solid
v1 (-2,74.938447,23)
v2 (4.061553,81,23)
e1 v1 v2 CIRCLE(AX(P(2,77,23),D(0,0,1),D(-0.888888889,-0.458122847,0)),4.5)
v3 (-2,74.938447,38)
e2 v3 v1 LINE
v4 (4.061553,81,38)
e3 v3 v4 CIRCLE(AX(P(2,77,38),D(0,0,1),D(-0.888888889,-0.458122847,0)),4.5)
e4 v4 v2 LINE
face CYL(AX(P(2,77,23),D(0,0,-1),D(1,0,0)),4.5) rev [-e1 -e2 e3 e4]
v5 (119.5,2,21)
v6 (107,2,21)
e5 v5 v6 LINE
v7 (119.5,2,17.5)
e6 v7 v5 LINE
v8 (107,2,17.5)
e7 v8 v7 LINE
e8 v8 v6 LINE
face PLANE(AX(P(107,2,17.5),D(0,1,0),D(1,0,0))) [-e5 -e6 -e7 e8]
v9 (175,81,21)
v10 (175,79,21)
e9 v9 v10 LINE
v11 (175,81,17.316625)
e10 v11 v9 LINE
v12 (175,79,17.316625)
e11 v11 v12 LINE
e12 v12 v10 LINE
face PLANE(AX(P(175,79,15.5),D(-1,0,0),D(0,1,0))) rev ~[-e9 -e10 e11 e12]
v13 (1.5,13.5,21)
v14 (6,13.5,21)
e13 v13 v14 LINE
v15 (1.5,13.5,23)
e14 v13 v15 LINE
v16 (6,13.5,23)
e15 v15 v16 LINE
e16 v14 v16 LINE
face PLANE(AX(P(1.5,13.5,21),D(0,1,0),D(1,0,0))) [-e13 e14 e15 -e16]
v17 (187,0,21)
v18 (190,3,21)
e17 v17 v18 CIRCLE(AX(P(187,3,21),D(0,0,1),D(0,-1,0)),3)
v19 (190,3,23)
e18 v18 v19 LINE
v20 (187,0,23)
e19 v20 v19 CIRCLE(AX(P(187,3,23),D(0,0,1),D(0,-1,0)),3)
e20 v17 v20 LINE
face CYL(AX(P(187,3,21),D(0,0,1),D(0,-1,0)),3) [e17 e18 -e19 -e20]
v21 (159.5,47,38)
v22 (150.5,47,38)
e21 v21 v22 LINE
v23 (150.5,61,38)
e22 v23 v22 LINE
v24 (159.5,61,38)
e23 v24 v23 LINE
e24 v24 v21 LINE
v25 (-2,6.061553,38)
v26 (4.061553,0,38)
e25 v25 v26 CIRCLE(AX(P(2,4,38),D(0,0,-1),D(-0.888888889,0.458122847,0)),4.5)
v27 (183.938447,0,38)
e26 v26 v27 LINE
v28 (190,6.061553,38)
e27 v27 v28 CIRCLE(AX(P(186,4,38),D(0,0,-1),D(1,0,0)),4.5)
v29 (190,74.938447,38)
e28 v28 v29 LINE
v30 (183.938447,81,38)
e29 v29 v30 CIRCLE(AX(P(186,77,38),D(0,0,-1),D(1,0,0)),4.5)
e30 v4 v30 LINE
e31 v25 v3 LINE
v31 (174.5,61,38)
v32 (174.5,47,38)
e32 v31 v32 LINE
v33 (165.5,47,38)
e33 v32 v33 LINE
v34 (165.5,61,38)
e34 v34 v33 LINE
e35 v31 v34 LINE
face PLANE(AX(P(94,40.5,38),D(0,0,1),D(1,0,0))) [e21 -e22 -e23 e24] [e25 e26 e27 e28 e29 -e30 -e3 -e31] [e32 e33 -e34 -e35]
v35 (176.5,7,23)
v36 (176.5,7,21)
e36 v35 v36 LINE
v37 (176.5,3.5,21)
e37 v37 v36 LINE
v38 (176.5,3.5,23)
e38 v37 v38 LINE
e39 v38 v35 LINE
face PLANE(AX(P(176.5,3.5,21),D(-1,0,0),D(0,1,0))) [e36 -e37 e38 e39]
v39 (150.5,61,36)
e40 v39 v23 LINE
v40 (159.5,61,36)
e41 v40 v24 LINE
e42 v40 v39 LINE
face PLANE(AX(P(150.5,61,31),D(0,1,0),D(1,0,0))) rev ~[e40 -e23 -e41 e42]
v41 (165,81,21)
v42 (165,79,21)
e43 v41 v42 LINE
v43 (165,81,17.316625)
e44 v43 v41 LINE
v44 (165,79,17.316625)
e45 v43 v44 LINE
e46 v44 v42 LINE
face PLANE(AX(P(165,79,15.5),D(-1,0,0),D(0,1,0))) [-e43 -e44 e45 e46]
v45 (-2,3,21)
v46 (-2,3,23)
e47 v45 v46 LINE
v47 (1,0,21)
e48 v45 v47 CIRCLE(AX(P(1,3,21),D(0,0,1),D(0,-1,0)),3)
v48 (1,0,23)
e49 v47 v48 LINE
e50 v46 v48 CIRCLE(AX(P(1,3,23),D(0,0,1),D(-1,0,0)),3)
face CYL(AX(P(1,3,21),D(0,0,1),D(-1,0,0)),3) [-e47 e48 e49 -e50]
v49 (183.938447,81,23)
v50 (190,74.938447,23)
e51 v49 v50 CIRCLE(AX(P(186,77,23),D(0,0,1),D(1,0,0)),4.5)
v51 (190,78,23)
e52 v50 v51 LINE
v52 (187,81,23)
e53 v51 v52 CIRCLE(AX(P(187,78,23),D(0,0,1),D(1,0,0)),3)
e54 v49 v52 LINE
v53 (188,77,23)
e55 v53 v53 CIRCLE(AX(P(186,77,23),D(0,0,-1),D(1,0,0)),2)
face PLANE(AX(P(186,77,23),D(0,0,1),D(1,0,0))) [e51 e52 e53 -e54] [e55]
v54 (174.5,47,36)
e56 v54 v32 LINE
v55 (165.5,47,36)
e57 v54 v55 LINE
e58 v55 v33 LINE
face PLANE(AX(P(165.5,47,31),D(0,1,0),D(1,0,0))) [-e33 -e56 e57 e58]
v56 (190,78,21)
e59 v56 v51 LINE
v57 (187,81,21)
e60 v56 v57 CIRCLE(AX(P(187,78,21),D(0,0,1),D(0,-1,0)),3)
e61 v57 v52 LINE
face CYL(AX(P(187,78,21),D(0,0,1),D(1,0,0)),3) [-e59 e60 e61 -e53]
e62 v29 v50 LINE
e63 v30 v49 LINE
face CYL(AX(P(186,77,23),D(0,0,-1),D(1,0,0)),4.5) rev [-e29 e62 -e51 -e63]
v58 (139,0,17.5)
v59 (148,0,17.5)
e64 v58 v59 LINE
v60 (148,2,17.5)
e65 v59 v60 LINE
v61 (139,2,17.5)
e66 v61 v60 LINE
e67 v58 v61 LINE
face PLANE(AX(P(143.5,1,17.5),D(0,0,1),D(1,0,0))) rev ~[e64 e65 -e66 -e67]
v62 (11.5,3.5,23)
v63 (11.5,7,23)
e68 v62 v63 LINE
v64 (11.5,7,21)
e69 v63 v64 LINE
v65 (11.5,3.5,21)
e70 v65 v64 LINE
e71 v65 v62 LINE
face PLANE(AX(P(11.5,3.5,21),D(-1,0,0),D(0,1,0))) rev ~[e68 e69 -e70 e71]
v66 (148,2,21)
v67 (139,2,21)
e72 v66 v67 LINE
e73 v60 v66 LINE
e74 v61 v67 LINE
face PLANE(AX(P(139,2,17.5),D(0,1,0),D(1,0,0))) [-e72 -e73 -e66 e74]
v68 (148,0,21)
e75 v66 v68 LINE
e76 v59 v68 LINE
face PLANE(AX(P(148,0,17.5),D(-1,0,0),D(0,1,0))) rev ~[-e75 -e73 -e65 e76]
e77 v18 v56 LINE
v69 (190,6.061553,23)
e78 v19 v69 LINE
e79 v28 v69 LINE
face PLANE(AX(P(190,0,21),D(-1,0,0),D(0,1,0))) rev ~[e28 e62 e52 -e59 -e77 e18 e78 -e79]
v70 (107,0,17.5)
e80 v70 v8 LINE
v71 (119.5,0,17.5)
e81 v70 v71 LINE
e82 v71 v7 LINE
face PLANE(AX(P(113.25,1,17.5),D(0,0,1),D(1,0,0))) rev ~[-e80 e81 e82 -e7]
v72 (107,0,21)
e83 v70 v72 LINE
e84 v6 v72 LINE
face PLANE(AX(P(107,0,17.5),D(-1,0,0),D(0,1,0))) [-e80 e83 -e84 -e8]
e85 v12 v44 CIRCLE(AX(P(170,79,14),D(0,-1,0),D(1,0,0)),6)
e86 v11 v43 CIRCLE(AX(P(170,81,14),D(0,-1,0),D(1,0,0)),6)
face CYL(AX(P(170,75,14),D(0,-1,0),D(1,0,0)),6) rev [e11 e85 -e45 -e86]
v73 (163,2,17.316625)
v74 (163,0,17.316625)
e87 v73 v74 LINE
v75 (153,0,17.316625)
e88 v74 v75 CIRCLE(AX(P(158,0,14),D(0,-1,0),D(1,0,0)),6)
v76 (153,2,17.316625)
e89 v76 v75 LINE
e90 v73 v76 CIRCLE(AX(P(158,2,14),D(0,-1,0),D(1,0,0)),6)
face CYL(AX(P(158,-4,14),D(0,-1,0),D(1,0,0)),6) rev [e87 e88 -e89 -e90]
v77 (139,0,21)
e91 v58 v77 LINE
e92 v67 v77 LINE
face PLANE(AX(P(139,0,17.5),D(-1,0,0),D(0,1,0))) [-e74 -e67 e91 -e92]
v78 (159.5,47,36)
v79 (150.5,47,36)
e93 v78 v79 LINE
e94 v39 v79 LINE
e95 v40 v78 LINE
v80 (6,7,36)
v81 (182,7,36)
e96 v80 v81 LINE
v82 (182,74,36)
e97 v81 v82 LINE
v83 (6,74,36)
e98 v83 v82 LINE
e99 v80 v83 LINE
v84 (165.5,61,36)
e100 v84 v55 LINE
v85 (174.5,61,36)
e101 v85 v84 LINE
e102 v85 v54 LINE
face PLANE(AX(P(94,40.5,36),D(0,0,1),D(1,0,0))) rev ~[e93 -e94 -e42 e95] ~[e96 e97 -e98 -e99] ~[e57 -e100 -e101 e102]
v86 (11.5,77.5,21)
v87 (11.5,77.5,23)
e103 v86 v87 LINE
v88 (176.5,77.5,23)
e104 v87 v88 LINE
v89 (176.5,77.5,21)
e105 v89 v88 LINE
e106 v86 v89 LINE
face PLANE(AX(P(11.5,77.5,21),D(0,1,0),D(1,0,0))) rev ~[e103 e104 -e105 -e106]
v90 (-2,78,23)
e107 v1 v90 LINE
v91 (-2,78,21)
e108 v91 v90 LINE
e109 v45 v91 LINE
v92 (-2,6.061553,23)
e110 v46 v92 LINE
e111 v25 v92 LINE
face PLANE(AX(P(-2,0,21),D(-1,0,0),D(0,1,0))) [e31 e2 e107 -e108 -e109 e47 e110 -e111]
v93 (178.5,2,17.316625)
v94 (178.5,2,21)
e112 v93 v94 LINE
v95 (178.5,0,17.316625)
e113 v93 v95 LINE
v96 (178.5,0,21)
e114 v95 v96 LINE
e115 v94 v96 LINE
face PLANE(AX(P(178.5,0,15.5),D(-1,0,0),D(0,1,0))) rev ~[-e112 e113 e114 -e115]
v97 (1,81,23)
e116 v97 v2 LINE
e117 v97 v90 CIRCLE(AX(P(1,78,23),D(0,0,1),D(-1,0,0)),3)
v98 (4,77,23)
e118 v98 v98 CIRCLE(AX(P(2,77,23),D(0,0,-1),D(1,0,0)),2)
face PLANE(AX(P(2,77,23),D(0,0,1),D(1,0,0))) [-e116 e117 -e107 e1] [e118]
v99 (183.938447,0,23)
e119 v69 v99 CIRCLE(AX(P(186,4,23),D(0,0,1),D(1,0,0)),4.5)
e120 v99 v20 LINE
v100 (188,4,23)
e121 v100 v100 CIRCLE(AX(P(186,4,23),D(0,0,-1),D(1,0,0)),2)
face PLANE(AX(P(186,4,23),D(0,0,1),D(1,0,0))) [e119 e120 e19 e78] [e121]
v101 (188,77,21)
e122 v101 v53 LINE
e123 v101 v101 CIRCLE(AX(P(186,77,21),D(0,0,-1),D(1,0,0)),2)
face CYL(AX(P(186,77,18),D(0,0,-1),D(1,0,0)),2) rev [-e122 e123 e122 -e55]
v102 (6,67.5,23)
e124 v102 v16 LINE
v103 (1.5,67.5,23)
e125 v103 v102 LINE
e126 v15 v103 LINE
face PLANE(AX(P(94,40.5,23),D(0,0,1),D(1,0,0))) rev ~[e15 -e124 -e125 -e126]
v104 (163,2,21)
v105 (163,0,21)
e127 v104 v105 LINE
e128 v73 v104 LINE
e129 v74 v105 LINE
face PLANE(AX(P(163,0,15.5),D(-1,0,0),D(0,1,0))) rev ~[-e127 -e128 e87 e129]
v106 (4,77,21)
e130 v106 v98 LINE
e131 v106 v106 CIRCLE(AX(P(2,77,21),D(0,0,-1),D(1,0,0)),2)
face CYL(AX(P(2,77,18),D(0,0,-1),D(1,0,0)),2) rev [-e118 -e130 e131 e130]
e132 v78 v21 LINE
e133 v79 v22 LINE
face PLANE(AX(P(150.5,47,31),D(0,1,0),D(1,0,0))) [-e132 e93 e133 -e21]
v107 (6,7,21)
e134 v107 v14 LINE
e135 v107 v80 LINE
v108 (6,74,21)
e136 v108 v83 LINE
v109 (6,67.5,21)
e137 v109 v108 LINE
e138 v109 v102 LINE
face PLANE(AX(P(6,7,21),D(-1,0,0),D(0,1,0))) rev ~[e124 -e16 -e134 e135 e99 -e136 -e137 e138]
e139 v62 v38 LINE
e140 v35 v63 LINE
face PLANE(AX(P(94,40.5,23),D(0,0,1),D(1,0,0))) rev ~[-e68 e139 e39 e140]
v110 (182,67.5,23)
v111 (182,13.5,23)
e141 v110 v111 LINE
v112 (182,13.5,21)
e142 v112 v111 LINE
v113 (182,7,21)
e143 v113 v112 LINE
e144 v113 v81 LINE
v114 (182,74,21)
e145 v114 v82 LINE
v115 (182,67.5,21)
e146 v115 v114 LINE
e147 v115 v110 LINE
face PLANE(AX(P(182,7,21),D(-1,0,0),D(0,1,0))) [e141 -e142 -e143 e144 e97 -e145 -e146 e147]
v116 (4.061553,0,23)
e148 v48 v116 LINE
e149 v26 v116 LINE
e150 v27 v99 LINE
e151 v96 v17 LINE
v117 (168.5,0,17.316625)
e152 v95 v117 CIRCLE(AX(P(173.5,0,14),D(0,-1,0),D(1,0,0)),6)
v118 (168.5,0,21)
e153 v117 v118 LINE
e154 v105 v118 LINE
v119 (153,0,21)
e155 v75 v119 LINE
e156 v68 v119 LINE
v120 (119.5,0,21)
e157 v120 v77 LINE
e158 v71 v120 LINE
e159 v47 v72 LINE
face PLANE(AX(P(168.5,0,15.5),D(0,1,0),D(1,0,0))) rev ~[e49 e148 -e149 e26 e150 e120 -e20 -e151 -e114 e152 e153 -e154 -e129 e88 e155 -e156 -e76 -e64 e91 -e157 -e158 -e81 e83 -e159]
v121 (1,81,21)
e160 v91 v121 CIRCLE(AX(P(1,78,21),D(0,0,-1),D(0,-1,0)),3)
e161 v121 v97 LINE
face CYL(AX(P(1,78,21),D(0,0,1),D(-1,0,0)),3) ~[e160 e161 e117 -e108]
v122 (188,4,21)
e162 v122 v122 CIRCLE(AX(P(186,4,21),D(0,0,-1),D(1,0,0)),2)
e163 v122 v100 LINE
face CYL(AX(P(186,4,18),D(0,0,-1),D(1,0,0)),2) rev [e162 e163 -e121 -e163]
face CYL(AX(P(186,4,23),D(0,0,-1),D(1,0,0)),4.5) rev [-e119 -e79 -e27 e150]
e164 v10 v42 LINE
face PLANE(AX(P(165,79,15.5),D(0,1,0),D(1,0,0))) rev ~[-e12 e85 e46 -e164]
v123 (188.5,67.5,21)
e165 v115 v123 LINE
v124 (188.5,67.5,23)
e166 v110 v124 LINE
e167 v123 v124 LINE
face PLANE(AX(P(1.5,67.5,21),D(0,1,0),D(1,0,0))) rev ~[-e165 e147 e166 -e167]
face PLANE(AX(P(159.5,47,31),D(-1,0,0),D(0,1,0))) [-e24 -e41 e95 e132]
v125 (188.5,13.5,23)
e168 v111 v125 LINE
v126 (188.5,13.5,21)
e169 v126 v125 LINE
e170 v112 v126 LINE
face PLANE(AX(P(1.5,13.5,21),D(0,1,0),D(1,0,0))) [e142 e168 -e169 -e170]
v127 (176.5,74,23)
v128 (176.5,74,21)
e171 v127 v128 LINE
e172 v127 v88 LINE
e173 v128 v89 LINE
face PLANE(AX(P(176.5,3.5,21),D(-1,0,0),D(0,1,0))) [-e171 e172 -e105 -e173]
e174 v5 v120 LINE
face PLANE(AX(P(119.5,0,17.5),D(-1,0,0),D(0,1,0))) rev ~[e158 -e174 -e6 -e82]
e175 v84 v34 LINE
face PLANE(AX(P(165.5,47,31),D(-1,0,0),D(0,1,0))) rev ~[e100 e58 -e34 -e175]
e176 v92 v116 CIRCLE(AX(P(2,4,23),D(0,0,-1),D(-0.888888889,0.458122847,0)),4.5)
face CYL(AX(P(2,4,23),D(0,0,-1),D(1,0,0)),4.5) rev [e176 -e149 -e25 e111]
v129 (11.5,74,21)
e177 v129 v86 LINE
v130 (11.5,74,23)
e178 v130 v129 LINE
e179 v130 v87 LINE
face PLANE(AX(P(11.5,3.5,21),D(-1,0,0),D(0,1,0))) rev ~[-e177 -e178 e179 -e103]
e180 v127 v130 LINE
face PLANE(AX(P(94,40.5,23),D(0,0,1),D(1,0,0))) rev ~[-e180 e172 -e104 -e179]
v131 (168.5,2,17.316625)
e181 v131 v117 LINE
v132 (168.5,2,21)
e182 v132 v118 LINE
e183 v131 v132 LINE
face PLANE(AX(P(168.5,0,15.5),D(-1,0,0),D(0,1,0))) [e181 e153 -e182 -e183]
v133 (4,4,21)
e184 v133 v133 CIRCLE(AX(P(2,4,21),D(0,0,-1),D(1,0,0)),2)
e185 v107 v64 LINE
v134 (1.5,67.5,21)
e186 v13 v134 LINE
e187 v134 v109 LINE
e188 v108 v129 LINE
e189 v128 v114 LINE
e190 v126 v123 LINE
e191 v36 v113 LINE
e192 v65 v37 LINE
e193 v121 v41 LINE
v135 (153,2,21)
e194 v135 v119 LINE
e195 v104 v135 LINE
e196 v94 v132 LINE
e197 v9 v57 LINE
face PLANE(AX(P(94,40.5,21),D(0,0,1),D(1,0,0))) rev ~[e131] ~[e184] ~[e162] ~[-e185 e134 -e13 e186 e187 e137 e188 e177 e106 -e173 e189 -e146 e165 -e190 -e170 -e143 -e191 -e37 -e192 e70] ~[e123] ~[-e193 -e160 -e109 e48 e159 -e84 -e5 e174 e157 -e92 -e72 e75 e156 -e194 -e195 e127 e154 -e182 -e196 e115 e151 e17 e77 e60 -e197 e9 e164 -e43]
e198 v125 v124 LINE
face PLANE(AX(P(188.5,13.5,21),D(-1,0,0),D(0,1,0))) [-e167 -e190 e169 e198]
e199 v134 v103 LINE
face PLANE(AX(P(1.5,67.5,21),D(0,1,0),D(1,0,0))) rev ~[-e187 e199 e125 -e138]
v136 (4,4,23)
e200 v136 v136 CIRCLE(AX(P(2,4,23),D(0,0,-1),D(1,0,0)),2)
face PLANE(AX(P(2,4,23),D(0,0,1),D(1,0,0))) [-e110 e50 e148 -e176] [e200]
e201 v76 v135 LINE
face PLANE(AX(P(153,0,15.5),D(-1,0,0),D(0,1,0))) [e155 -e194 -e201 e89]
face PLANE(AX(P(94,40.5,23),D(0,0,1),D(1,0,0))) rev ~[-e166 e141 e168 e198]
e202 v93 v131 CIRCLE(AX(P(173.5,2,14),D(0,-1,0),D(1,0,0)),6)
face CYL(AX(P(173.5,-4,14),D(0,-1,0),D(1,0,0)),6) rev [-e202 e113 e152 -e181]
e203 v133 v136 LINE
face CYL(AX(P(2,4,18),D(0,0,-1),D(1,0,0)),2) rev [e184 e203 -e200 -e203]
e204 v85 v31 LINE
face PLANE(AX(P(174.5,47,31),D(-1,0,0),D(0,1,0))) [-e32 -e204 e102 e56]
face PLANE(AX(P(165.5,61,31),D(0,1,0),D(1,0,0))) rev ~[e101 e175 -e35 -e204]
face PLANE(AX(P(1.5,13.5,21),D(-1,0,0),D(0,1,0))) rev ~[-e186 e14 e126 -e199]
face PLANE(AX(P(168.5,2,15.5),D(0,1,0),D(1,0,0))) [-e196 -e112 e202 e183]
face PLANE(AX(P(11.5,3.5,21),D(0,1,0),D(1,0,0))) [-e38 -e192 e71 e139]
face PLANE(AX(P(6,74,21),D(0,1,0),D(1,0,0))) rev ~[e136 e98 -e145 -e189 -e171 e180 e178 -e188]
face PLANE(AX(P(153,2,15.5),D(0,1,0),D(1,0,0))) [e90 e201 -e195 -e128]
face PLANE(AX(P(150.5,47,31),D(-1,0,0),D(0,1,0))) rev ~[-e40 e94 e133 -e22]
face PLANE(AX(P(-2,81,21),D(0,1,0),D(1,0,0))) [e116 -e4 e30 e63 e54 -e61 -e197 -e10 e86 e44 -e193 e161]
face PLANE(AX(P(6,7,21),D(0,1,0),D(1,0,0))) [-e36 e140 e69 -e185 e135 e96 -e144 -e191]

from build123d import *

# Parameters (mm, degrees)
BOX034_W          = 9
BOX034_H          = 2
BOX034_DEPTH      = 10
CYLINDER027_R     = 6
CYLINDER027_DEPTH = 10
BOX035_W          = 10
BOX035_H          = 2
BOX035_DEPTH      = 10
CYLINDER028_R     = 6
CYLINDER028_DEPTH = 10
BOX036_W          = 10
BOX036_H          = 2
BOX036_DEPTH      = 10
CYLINDER029_R     = 6
CYLINDER029_DEPTH = 10
BOX037_W          = 10
BOX037_H          = 2
BOX037_DEPTH      = 10
BOX033_W          = 12.5
BOX033_H          = 2
BOX033_DEPTH      = 10
BOX032_W          = 9
BOX032_H          = 14
BOX032_DEPTH      = 10
BOX031_W          = 9
BOX031_H          = 14
BOX031_DEPTH      = 10
CYLINDER023_R     = 4.5
CYLINDER023_DEPTH = 20
CYLINDER024_R     = 4.5
CYLINDER024_DEPTH = 20
CYLINDER025_R     = 4.5
CYLINDER025_DEPTH = 20
CYLINDER026_R     = 4.5
CYLINDER026_DEPTH = 20
CYLINDER020_R     = 2
CYLINDER020_DEPTH = 20
CYLINDER021_R     = 2
CYLINDER021_DEPTH = 20
CYLINDER022_R     = 2
CYLINDER022_DEPTH = 20
CYLINDER019_R     = 2
CYLINDER019_DEPTH = 20
BOX030_W          = 176
BOX030_H          = 67
BOX030_DEPTH      = 15
BOX029_W          = 165
BOX029_H          = 74
BOX029_DEPTH      = 2
BOX028_W          = 187
BOX028_H          = 54
BOX028_DEPTH      = 2
BOX027_W          = 192
BOX027_H          = 81
BOX027_DEPTH      = 17
FILLET001_R       = 3


with BuildPart() as cube018:
    # Box034 → Box034 (new body)
    with BuildSketch(Plane(origin=(139, 0, 17.5), x_dir=(1, 0, 0), z_dir=(0, 0, 1))):
        with Locations((4.5, 1)):
            Rectangle(BOX034_W, BOX034_H)
    extrude(amount=BOX034_DEPTH)


with BuildPart() as cylinder027:
    # Cylinder027 → Cylinder027 (new body)
    with BuildSketch(Plane(origin=(158, -4, 13), x_dir=(1, 0, 0), z_dir=(0, 1, 0))):
        Circle(CYLINDER027_R)
    extrude(amount=CYLINDER027_DEPTH)


with BuildPart() as cut010:
    # Box035 → Box035 (new body)
    with BuildSketch(Plane(origin=(153, 0, 14.5), x_dir=(1, 0, 0), z_dir=(0, 0, 1))):
        with Locations((5, 1)):
            Rectangle(BOX035_W, BOX035_H)
    extrude(amount=BOX035_DEPTH)

    # Cut010: cut Cylinder027
    add(cylinder027.part, mode=Mode.SUBTRACT)


with BuildPart() as cut010_1:
    # Cut010 placement: moved
    add(cut010.part.moved(Location((0, 0, 1))))


with BuildPart() as cylinder028:
    # Cylinder028 → Cylinder028 (new body)
    with BuildSketch(Plane(origin=(158, -4, 13), x_dir=(1, 0, 0), z_dir=(0, 1, 0))):
        Circle(CYLINDER028_R)
    extrude(amount=CYLINDER028_DEPTH)


with BuildPart() as cut011:
    # Box036 → Box036 (new body)
    with BuildSketch(Plane(origin=(153, 0, 14.5), x_dir=(1, 0, 0), z_dir=(0, 0, 1))):
        with Locations((5, 1)):
            Rectangle(BOX036_W, BOX036_H)
    extrude(amount=BOX036_DEPTH)

    # Cut011: cut Cylinder028
    add(cylinder028.part, mode=Mode.SUBTRACT)


with BuildPart() as cut011_1:
    # Cut011 placement: moved
    add(cut011.part.moved(Location((12, 79, 1))))


with BuildPart() as cylinder029:
    # Cylinder029 → Cylinder029 (new body)
    with BuildSketch(Plane(origin=(158, -4, 13), x_dir=(1, 0, 0), z_dir=(0, 1, 0))):
        Circle(CYLINDER029_R)
    extrude(amount=CYLINDER029_DEPTH)


with BuildPart() as cut012:
    # Box037 → Box037 (new body)
    with BuildSketch(Plane(origin=(153, 0, 14.5), x_dir=(1, 0, 0), z_dir=(0, 0, 1))):
        with Locations((5, 1)):
            Rectangle(BOX037_W, BOX037_H)
    extrude(amount=BOX037_DEPTH)

    # Cut012: cut Cylinder029
    add(cylinder029.part, mode=Mode.SUBTRACT)


with BuildPart() as cut012_1:
    # Cut012 placement: moved
    add(cut012.part.moved(Location((15.5, 0, 1))))


with BuildPart() as coverholes:
    # Box033 → Box033 (new body)
    with BuildSketch(Plane(origin=(107, 0, 17.5), x_dir=(1, 0, 0), z_dir=(0, 0, 1))):
        with Locations((6.25, 1)):
            Rectangle(BOX033_W, BOX033_H)
    extrude(amount=BOX033_DEPTH)

    # Compound002: union Cube018, Cut010, Cut011, Cut012
    add(cube018.part)
    add(cut010_1.part)
    add(cut011_1.part)
    add(cut012_1.part)


with BuildPart() as switch_placement_hole001:
    # Box032 → Box032 (new body)
    with BuildSketch(Plane(origin=(150.5, 47, 31), x_dir=(1, 0, 0), z_dir=(0, 0, 1))):
        with Locations((4.5, 7)):
            Rectangle(BOX032_W, BOX032_H)
    extrude(amount=BOX032_DEPTH)


with BuildPart() as compound001:
    # Box031 → Box031 (new body)
    with BuildSketch(Plane(origin=(165.5, 47, 31), x_dir=(1, 0, 0), z_dir=(0, 0, 1))):
        with Locations((4.5, 7)):
            Rectangle(BOX031_W, BOX031_H)
    extrude(amount=BOX031_DEPTH)

    # Compound001: union Switch Placement Hole001
    add(switch_placement_hole001.part)


with BuildPart() as cylinder023:
    # Cylinder023 → Cylinder023 (new body)
    with BuildSketch(Plane(origin=(2, 77, 0), x_dir=(1, 0, 0), z_dir=(0, 0, 1))):
        Circle(CYLINDER023_R)
    extrude(amount=CYLINDER023_DEPTH)


with BuildPart() as cylinder024:
    # Cylinder024 → Cylinder024 (new body)
    with BuildSketch(Plane(origin=(186, 77, 0), x_dir=(1, 0, 0), z_dir=(0, 0, 1))):
        Circle(CYLINDER024_R)
    extrude(amount=CYLINDER024_DEPTH)


with BuildPart() as cylinder025:
    # Cylinder025 → Cylinder025 (new body)
    with BuildSketch(Plane(origin=(186, 4, 0), x_dir=(1, 0, 0), z_dir=(0, 0, 1))):
        Circle(CYLINDER025_R)
    extrude(amount=CYLINDER025_DEPTH)


with BuildPart() as fusion015:
    # Cylinder026 → Cylinder026 (new body)
    with BuildSketch(Plane(origin=(2, 4, 0), x_dir=(1, 0, 0), z_dir=(0, 0, 1))):
        Circle(CYLINDER026_R)
    extrude(amount=CYLINDER026_DEPTH)

    # Fusion015: union Cylinder023, Cylinder024, Cylinder025
    add(cylinder023.part)
    add(cylinder024.part)
    add(cylinder025.part)


with BuildPart() as fusion015_1:
    # Fusion015 placement: moved
    add(fusion015.part.moved(Location((0, 0, 23))))


with BuildPart() as cylinder020:
    # Cylinder020 → Cylinder020 (new body)
    with BuildSketch(Plane(origin=(2, 77, 0), x_dir=(1, 0, 0), z_dir=(0, 0, 1))):
        Circle(CYLINDER020_R)
    extrude(amount=CYLINDER020_DEPTH)


with BuildPart() as cylinder021:
    # Cylinder021 → Cylinder021 (new body)
    with BuildSketch(Plane(origin=(186, 77, 0), x_dir=(1, 0, 0), z_dir=(0, 0, 1))):
        Circle(CYLINDER021_R)
    extrude(amount=CYLINDER021_DEPTH)


with BuildPart() as cylinder022:
    # Cylinder022 → Cylinder022 (new body)
    with BuildSketch(Plane(origin=(186, 4, 0), x_dir=(1, 0, 0), z_dir=(0, 0, 1))):
        Circle(CYLINDER022_R)
    extrude(amount=CYLINDER022_DEPTH)


with BuildPart() as fusion014:
    # Cylinder019 → Cylinder019 (new body)
    with BuildSketch(Plane(origin=(2, 4, 0), x_dir=(1, 0, 0), z_dir=(0, 0, 1))):
        Circle(CYLINDER019_R)
    extrude(amount=CYLINDER019_DEPTH)

    # Fusion014: union Cylinder020, Cylinder021, Cylinder022
    add(cylinder020.part)
    add(cylinder021.part)
    add(cylinder022.part)


with BuildPart() as fusion014_1:
    # Fusion014 placement: moved
    add(fusion014.part.moved(Location((0, 0, 18))))


with BuildPart() as cube016:
    # Box030 → Box030 (new body)
    with BuildSketch(Plane(origin=(6, 7, 21), x_dir=(1, 0, 0), z_dir=(0, 0, 1))):
        with Locations((88, 33.5)):
            Rectangle(BOX030_W, BOX030_H)
    extrude(amount=BOX030_DEPTH)


with BuildPart() as cube015:
    # Box029 → Box029 (new body)
    with BuildSketch(Plane(origin=(11.5, 3.5, 21), x_dir=(1, 0, 0), z_dir=(0, 0, 1))):
        with Locations((82.5, 37)):
            Rectangle(BOX029_W, BOX029_H)
    extrude(amount=BOX029_DEPTH)


with BuildPart() as latchforcover:
    # Box028 → Box028 (new body)
    with BuildSketch(Plane(origin=(1.5, 13.5, 21), x_dir=(1, 0, 0), z_dir=(0, 0, 1))):
        with Locations((93.5, 27)):
            Rectangle(BOX028_W, BOX028_H)
    extrude(amount=BOX028_DEPTH)

    # Fusion013: union Cube015
    add(cube015.part)


with BuildPart() as cover:
    # Box027 → Box027 (new body)
    with BuildSketch(Plane(origin=(-2, 0, 21), x_dir=(1, 0, 0), z_dir=(0, 0, 1))):
        with Locations((96, 40.5)):
            Rectangle(BOX027_W, BOX027_H)
    extrude(amount=BOX027_DEPTH)

    # Fillet001
    fillet001_edges = [cover.edges().sort_by_distance(p)[0] for p in [
        (-2, 0, 29.5),
        (-2, 81, 29.5),
        (190, 0, 29.5),
        (190, 81, 29.5),
    ]]
    fillet(fillet001_edges, radius=FILLET001_R)

    # Cut005: cut LatchForCover
    add(latchforcover.part, mode=Mode.SUBTRACT)

    # Cut006: cut Cube016
    add(cube016.part, mode=Mode.SUBTRACT)

    # Cut007: cut Fusion014
    add(fusion014_1.part, mode=Mode.SUBTRACT)

    # Cut008: cut Fusion015
    add(fusion015_1.part, mode=Mode.SUBTRACT)

    # Cut009: cut Compound001
    add(compound001.part, mode=Mode.SUBTRACT)

    # Fusion016: union CoverHoles
    add(coverholes.part)


solid = cover.part
